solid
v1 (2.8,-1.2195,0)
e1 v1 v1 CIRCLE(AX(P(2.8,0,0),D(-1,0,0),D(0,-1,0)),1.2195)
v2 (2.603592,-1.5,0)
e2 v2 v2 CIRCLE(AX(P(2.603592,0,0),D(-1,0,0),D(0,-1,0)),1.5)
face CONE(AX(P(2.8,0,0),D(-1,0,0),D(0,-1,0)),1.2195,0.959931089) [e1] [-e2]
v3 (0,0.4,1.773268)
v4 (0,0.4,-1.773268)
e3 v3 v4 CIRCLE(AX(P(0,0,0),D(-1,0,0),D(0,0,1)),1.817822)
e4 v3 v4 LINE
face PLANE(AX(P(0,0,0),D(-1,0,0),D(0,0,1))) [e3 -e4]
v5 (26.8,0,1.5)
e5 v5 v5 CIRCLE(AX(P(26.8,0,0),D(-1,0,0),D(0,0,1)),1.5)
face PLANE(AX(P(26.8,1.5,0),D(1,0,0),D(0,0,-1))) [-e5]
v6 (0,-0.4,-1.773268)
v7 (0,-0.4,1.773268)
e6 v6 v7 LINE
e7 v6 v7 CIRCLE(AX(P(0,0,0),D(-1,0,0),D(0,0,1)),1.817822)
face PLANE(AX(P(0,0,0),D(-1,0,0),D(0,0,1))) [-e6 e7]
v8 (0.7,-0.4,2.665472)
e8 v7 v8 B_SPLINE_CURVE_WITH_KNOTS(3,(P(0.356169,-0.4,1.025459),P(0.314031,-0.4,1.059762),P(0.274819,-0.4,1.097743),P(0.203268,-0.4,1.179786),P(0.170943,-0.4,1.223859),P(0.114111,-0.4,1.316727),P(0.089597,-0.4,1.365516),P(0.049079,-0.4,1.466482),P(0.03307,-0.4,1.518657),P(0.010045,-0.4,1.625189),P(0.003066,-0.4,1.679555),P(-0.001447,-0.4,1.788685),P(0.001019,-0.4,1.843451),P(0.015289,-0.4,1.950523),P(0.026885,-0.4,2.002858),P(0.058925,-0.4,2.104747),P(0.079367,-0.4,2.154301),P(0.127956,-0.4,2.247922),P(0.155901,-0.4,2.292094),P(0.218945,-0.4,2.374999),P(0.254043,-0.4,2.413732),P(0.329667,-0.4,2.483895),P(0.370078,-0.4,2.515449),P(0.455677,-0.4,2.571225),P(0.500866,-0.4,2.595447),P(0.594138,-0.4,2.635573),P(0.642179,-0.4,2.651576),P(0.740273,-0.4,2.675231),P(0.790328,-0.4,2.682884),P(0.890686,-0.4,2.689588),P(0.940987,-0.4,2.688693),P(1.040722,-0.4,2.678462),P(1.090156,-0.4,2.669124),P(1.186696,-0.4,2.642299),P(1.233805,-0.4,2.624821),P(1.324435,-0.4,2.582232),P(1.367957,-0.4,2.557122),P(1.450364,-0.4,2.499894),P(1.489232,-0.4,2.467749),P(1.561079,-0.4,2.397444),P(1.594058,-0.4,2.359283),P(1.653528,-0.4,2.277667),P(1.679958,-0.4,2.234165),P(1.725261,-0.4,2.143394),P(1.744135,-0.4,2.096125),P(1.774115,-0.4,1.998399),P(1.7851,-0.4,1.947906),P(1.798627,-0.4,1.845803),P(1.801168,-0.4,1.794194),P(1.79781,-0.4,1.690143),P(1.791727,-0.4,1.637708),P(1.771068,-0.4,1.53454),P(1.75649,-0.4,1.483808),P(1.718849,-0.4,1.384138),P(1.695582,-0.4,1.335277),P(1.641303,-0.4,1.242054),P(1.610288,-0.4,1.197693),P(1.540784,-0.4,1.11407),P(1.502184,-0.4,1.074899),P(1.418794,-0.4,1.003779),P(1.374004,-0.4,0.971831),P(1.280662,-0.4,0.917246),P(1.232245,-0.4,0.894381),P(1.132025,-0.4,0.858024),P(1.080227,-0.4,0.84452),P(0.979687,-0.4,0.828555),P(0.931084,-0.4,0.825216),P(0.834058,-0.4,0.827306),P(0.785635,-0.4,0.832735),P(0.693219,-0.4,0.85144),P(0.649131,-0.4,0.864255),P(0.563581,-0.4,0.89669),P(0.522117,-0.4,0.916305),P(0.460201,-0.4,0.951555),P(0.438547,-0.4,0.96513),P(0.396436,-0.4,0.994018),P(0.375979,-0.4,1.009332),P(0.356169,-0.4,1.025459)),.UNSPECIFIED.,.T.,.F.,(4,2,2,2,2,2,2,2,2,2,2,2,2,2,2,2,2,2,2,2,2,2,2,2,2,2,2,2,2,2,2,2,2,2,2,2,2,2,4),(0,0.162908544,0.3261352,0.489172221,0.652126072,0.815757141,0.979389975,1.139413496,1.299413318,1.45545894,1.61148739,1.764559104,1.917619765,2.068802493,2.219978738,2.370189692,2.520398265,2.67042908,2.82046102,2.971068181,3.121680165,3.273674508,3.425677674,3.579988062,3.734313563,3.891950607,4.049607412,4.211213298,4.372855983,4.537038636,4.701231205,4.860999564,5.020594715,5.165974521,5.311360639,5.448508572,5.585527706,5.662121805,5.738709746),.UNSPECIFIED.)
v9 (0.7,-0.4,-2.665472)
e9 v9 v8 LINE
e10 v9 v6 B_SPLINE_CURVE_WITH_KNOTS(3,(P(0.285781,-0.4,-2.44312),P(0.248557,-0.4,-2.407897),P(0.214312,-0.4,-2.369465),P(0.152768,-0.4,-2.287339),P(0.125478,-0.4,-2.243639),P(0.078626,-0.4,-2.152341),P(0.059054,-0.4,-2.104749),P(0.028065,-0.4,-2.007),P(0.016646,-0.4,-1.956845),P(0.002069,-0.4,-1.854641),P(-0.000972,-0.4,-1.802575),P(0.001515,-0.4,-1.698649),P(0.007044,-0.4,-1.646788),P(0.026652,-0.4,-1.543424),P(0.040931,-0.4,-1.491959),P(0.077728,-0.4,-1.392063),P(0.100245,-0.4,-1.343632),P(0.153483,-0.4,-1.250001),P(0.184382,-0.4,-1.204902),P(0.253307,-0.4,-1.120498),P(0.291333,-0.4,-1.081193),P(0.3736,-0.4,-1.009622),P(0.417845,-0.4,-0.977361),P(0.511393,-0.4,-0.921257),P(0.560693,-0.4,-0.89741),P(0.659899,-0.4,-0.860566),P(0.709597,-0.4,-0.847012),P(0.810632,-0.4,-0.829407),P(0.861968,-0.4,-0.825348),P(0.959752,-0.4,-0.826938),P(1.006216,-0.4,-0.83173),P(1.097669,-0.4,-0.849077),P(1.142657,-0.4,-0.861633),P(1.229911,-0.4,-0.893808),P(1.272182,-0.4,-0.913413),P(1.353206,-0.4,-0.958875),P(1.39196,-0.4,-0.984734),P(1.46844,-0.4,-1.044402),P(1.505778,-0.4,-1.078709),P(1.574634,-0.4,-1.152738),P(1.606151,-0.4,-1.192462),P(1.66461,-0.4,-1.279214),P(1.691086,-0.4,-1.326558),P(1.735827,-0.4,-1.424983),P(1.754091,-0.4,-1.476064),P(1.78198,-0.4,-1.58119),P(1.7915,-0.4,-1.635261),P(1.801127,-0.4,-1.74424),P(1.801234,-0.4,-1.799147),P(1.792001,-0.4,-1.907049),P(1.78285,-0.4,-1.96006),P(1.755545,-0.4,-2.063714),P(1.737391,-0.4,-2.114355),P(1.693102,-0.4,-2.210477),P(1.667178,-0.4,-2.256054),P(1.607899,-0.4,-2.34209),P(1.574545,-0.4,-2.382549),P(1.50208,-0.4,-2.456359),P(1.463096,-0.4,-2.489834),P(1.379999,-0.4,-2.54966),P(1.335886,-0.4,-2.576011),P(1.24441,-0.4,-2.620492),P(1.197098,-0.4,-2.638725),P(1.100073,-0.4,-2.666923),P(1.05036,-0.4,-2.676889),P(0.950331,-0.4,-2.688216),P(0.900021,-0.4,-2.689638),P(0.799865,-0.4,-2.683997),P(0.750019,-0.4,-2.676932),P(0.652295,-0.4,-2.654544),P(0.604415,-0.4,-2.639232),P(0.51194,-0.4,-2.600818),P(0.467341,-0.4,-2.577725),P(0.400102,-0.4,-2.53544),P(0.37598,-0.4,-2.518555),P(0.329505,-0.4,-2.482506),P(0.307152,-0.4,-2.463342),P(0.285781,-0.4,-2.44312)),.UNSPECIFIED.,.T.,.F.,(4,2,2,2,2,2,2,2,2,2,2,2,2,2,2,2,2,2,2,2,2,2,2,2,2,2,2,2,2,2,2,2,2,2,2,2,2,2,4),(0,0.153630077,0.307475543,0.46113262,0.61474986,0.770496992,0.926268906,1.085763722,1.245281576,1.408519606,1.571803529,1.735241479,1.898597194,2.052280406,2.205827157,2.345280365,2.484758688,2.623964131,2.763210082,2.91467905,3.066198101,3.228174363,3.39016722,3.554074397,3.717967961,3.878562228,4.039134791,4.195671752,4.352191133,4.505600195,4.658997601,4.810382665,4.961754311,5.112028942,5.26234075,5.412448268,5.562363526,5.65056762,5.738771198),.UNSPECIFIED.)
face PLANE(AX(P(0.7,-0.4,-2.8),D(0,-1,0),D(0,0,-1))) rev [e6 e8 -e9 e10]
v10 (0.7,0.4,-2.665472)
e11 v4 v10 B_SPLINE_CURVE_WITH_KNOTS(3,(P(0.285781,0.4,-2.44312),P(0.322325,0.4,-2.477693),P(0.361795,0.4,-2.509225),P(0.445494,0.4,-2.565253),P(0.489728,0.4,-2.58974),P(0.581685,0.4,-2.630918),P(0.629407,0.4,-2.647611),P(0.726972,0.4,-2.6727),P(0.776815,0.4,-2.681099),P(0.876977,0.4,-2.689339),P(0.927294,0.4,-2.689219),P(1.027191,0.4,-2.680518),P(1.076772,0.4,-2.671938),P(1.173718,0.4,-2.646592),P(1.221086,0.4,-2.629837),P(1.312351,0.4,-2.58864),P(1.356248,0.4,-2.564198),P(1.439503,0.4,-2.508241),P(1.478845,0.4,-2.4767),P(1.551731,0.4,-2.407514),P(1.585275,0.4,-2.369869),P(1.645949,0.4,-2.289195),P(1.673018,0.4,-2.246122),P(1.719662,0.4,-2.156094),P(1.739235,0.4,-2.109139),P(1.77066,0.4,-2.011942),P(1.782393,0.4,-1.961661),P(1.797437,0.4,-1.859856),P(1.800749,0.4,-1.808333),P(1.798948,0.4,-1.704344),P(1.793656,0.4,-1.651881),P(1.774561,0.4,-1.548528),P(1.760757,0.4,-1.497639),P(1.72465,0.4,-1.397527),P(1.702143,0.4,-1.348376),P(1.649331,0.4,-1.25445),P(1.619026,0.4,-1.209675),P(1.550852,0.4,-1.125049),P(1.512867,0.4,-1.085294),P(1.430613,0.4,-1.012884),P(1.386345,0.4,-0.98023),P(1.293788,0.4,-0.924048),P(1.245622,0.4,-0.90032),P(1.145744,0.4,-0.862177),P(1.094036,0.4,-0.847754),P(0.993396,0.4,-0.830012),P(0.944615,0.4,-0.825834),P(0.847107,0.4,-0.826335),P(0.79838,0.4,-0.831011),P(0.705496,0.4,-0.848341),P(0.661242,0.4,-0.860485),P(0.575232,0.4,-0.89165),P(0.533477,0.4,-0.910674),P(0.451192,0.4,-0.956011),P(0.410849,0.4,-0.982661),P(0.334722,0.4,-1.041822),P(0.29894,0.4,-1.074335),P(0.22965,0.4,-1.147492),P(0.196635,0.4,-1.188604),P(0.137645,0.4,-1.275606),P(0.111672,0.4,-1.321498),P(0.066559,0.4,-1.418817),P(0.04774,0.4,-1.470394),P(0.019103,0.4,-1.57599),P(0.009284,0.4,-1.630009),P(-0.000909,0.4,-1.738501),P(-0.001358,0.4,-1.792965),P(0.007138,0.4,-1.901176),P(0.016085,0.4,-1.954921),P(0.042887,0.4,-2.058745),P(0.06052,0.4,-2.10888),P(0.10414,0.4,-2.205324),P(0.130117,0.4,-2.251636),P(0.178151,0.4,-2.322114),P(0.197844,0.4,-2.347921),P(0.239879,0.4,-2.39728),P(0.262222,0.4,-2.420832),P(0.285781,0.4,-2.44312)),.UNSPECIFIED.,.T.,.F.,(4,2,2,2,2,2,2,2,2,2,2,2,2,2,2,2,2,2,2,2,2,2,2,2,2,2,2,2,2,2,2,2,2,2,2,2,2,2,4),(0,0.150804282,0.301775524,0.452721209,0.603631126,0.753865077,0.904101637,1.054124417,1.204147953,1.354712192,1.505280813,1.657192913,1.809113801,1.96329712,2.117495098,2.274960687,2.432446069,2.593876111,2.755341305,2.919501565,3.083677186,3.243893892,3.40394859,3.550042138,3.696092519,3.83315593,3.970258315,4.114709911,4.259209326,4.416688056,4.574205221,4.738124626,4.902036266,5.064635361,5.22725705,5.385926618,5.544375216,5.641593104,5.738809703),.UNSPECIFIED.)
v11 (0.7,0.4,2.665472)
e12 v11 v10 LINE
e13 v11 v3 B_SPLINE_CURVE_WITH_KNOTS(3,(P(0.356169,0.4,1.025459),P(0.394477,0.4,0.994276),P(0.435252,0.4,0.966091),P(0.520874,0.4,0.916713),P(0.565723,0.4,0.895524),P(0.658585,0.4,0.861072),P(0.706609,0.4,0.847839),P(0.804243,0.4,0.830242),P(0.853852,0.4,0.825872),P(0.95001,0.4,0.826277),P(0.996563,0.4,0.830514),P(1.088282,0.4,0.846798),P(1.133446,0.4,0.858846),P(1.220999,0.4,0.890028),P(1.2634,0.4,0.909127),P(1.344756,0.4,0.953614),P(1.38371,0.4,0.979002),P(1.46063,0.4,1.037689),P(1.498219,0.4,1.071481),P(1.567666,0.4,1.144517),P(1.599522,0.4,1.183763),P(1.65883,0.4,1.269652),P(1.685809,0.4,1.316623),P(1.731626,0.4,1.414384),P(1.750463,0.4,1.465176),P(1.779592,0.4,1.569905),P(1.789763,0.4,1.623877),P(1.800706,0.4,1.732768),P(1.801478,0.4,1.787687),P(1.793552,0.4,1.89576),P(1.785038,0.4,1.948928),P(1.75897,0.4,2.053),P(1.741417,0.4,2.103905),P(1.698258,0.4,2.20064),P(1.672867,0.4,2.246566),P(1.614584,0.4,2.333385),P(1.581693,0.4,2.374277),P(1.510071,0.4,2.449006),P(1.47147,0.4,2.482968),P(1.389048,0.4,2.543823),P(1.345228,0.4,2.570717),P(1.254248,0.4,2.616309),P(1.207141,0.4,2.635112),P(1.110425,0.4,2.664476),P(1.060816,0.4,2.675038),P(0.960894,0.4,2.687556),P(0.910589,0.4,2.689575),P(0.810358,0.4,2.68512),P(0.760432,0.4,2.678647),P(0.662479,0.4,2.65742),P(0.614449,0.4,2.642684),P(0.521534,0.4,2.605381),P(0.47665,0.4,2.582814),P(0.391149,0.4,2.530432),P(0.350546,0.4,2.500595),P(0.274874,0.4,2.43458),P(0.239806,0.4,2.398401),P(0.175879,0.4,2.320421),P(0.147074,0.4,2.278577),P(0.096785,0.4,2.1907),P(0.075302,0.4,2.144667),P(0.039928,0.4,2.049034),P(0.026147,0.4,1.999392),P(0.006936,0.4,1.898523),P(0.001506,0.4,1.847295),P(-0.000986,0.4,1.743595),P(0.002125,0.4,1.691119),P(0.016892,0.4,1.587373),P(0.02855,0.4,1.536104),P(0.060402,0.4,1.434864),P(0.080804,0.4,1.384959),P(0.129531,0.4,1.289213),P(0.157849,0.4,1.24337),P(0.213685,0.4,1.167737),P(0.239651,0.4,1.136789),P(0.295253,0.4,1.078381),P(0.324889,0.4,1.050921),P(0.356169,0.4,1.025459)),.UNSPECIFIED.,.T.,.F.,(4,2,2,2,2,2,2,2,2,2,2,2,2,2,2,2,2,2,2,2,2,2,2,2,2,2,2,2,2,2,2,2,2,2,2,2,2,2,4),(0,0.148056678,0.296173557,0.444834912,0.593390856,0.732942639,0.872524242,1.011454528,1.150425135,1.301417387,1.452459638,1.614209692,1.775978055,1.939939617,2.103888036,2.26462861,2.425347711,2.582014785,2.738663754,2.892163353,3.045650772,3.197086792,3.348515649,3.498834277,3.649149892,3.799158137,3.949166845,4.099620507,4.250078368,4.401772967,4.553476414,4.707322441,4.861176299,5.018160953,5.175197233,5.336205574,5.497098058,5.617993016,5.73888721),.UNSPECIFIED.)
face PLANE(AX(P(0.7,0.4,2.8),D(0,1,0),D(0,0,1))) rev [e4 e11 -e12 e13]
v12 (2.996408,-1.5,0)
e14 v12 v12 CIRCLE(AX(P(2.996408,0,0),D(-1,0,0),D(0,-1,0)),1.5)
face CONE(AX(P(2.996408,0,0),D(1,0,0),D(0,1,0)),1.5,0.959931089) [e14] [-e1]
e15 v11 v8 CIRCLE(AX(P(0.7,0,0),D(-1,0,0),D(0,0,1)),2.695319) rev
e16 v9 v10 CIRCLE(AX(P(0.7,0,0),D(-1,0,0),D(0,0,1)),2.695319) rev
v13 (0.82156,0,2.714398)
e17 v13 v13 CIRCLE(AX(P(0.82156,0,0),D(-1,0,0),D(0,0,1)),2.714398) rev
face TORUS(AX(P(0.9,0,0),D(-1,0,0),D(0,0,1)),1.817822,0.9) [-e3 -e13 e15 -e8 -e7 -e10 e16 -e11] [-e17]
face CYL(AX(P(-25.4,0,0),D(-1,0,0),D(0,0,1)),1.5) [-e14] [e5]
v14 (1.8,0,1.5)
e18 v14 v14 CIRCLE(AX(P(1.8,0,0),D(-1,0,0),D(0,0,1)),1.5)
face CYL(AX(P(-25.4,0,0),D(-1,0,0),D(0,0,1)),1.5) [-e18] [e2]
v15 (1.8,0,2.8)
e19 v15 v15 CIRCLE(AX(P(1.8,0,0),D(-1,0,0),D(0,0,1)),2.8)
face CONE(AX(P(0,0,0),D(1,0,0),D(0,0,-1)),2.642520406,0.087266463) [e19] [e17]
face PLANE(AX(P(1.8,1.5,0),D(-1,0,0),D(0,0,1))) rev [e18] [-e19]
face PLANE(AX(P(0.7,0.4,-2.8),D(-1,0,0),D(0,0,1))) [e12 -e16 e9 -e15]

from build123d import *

# Parameters (mm, degrees)
FILLET2_R  = 0.9
SKETCH2_W  = 5.6
SKETCH2_H  = 0.8
SLOT_DEPTH = 0.7


with BuildPart() as part:
    # BodySke → Base-Revolve (revolve)
    with BuildSketch(Plane.XY):
        Polygon((1.8, 1.5), (1.8, 2.8), (0, 2.642520406), (0, 0), (26.8, 0), (26.8, 1.5), align=None)
    revolve(axis=Axis((-25.4, 0, 0), (1, 0, 0)))

    # Fillet2
    fillet2_edges = [part.edges().sort_by_distance(p)[0] for p in [
        (0, -2.642520406, 0),
    ]]
    fillet(fillet2_edges, radius=FILLET2_R)

    # Sketch2 → Slot (cut)
    with BuildSketch(Plane(origin=(0, 0, 0), x_dir=(0, 0, -1), z_dir=(1, 0, 0))):
        Rectangle(SKETCH2_W, SKETCH2_H)
    extrude(amount=SLOT_DEPTH, mode=Mode.SUBTRACT)

    # ThdSchSke → ThreadSchematic (revolve, cut)
    with BuildSketch(Plane.XY):
        Polygon((2.8, -1.2195), (2.603591786, -1.5), (2.603591786, -1.875), (2.996408214, -1.875), (2.996408214, -1.5), align=None)
    revolve(axis=Axis((-3.175, 0, 0), (1, 0, 0)), mode=Mode.SUBTRACT)


solid = part.part
